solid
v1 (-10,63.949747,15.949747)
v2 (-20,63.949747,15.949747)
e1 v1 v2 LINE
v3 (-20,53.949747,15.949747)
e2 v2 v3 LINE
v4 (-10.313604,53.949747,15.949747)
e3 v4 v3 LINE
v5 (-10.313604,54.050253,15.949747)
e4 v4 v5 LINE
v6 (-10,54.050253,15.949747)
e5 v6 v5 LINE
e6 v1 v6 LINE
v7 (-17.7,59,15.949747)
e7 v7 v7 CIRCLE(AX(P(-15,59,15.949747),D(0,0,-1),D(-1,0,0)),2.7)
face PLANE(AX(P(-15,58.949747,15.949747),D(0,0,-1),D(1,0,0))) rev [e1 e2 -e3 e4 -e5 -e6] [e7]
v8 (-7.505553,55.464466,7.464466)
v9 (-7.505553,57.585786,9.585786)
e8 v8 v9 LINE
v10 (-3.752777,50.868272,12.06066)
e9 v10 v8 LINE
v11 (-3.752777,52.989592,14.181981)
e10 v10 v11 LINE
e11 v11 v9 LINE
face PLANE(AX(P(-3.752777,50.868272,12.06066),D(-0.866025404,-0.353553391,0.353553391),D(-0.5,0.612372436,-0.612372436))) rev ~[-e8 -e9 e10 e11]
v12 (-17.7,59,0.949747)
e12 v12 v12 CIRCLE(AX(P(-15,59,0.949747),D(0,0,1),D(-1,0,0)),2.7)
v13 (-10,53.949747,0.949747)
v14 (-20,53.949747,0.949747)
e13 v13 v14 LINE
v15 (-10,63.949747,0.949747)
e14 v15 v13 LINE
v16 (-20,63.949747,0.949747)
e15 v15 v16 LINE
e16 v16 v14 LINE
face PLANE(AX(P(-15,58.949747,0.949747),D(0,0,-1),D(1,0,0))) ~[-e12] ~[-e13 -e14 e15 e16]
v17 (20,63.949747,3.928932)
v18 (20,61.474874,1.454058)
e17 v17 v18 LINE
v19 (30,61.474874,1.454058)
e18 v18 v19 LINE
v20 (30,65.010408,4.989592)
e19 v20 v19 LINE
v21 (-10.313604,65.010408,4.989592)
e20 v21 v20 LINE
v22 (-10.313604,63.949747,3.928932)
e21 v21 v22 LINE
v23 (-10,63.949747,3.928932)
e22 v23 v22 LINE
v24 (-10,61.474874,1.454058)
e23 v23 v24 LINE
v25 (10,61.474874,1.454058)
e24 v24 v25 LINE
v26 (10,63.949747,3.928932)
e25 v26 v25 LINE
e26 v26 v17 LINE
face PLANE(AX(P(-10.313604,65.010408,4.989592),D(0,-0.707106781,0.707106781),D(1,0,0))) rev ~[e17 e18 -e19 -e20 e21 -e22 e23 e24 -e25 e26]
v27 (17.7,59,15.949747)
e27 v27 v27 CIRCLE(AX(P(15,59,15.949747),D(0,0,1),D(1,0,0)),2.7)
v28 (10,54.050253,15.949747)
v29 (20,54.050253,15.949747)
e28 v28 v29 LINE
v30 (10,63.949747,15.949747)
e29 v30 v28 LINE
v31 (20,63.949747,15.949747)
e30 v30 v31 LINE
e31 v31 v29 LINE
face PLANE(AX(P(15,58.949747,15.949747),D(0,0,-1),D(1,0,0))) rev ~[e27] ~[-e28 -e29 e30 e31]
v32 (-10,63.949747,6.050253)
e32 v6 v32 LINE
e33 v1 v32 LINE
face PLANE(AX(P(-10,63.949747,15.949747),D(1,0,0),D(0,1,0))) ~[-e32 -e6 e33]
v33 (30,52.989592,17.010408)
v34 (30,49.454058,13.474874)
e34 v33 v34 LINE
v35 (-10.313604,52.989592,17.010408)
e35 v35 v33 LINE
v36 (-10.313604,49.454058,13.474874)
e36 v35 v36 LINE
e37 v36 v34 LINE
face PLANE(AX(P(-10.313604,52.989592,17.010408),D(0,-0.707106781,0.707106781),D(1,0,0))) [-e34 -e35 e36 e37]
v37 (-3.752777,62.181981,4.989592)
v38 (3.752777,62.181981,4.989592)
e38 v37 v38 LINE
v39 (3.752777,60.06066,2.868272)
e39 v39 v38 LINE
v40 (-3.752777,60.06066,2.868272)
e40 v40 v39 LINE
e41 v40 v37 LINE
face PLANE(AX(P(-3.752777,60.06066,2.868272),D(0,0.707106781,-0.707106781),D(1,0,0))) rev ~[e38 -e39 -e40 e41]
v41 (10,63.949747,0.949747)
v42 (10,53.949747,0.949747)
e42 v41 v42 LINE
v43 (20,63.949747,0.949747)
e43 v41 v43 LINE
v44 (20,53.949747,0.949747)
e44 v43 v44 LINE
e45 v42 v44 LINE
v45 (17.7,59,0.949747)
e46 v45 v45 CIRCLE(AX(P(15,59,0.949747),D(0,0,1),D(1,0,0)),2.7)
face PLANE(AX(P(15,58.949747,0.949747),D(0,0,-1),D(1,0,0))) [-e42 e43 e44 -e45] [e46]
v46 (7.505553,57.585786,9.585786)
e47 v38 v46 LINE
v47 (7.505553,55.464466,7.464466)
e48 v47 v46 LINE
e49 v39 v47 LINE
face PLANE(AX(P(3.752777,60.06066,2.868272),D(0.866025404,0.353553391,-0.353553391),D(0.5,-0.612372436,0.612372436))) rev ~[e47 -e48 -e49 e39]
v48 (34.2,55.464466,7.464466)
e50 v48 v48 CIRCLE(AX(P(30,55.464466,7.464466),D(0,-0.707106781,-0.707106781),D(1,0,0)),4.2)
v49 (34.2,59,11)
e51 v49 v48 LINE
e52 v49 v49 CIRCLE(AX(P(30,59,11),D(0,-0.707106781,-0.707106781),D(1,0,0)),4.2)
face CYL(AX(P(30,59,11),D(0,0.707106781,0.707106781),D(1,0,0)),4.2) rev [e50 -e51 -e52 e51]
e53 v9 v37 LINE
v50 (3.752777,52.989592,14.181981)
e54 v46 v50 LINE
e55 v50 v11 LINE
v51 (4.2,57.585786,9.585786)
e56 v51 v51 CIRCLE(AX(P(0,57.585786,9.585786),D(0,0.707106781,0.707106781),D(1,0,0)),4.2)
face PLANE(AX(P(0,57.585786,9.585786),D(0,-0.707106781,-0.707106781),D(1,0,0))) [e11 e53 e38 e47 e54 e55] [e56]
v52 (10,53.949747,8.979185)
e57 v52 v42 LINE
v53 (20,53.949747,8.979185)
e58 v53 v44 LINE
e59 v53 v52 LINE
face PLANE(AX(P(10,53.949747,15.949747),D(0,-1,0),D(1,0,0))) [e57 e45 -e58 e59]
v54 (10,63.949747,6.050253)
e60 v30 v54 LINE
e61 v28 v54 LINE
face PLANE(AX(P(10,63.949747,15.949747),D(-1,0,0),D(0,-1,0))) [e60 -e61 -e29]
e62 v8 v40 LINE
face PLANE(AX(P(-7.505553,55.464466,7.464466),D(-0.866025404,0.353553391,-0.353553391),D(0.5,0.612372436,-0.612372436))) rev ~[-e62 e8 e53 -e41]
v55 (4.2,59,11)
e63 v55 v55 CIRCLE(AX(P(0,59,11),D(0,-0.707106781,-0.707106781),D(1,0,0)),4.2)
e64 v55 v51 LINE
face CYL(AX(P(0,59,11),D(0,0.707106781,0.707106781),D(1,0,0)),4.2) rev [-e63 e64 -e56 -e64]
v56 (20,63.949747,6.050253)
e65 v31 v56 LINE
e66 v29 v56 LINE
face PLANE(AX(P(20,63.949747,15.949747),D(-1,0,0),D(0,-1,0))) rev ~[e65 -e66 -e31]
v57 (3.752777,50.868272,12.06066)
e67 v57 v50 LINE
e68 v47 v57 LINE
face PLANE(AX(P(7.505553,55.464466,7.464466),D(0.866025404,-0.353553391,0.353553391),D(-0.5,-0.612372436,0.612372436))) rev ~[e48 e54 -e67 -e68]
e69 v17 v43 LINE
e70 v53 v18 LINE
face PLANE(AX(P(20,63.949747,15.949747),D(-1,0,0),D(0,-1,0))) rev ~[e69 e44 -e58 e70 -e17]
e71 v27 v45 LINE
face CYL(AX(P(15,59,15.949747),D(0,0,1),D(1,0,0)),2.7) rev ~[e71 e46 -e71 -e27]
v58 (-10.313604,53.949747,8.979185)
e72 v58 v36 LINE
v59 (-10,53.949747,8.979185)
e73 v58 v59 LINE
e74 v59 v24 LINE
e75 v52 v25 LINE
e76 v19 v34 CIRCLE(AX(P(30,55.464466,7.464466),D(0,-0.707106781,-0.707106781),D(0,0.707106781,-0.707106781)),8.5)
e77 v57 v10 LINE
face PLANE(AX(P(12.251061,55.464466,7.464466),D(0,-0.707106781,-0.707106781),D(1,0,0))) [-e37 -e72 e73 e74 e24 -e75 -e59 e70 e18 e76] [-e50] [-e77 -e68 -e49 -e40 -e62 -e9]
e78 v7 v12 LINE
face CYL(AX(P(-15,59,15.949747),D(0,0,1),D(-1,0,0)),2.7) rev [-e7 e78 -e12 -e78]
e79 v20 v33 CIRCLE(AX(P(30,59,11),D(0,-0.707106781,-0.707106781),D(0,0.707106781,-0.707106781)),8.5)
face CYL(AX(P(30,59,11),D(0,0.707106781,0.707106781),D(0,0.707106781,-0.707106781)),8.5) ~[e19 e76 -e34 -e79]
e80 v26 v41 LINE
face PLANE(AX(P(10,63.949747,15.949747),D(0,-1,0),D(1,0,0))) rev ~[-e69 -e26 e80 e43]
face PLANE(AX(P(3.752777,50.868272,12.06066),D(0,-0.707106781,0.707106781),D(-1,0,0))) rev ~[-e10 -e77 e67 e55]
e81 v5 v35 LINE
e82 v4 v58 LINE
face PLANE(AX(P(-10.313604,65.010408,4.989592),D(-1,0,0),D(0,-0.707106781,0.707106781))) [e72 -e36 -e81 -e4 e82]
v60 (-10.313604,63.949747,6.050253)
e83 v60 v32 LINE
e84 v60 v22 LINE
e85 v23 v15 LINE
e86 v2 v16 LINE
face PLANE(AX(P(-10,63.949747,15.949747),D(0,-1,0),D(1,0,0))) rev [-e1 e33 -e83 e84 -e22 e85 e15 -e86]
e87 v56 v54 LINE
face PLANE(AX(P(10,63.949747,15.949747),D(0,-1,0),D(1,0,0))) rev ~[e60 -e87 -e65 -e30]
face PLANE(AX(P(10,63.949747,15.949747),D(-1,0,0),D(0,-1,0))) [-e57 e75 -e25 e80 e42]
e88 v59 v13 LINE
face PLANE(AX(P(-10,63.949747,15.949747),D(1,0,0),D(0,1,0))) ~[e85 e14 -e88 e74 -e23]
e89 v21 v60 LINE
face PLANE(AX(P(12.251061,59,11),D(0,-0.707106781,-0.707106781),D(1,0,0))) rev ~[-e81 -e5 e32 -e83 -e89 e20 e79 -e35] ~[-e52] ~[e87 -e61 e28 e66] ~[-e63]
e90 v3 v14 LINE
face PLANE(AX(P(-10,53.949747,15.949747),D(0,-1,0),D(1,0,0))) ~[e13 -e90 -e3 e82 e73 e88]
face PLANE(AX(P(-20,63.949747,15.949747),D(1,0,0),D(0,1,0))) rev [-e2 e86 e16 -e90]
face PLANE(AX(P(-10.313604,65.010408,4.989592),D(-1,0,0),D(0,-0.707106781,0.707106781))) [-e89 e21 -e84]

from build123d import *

# Parameters (mm, degrees)
SKETCH039_R             = 4.2
PAD019_DEPTH            = 5
BOX_W                   = 10
BOX_H                   = 10
BOX_DEPTH               = 15
POCKET011_DEPTH         = 3
SKETCH041_R             = 2.7
POCKET012_DEPTH         = 130.641501891
BODY007_PLACEMENT_ANGLE = 45


with BuildPart() as part:
    # Sketch039 → Pad019 (new body)
    with BuildSketch(Plane.XZ):
        with BuildLine():
            ThreePointArc((30, -8.5), (38.5, 0), (30, 8.5))
            Line((0, 8.5), (30, 8.5))
            Line((-10.313604, 8.5), (0, 8.5))
            Line((-10.313604, -8.5), (-10.313604, 8.5))
            Line((0, -8.5), (-10.313604, -8.5))
            Line((0, -8.5), (30, -8.5))
        make_face()
        Circle(SKETCH039_R, mode=Mode.SUBTRACT)
        with Locations((30, 0)):
            Circle(SKETCH039_R, mode=Mode.SUBTRACT)
    extrude(amount=PAD019_DEPTH)

    # Box → Box (join)
    with BuildSketch(Plane(origin=(10, 7, 0), x_dir=(1, 0, 0), z_dir=(0, -0.7071067812, -0.7071067812))):
        with Locations((5, 5)):
            Rectangle(BOX_W, BOX_H)
    box = extrude(amount=BOX_DEPTH)

    # Sketch040 (on Face5 of Box) → Pocket011 (cut)
    with BuildSketch(Plane(origin=(10, -5, 0), x_dir=(1, 0, 0), z_dir=(0, -1, 0))):
        Polygon((-6.2472232503, 6.5), (-13.7527767497, 6.5), (-17.5055534995, 0), (-13.7527767497, -6.5), (-6.2472232503, -6.5), (-2.4944465005, 0), align=None)
    extrude(amount=-POCKET011_DEPTH, mode=Mode.SUBTRACT)

    # Sketch041 (on Face15 of Pocket011) → Pocket012 (cut, through all)
    with BuildSketch(Plane(origin=(10, 7, 0), x_dir=(1, 0, 0), z_dir=(0, 0.7071067812, 0.7071067812))):
        with Locations((5, -4.9497474683)):
            Circle(SKETCH041_R)
    pocket012 = extrude(amount=-POCKET012_DEPTH, mode=Mode.SUBTRACT)

    # Mirrored010: Box, Pocket012 across YZ
    add(box.mirror(Plane.YZ))
    add(pocket012.mirror(Plane.YZ), mode=Mode.SUBTRACT)


with BuildPart() as part_1:
    # Body007 placement: moved
    add(part.part.moved(Location((0, 59, 11))).rotate(Axis((0, 59, 11), (1, 0, 0)), BODY007_PLACEMENT_ANGLE))


solid = part_1.part
